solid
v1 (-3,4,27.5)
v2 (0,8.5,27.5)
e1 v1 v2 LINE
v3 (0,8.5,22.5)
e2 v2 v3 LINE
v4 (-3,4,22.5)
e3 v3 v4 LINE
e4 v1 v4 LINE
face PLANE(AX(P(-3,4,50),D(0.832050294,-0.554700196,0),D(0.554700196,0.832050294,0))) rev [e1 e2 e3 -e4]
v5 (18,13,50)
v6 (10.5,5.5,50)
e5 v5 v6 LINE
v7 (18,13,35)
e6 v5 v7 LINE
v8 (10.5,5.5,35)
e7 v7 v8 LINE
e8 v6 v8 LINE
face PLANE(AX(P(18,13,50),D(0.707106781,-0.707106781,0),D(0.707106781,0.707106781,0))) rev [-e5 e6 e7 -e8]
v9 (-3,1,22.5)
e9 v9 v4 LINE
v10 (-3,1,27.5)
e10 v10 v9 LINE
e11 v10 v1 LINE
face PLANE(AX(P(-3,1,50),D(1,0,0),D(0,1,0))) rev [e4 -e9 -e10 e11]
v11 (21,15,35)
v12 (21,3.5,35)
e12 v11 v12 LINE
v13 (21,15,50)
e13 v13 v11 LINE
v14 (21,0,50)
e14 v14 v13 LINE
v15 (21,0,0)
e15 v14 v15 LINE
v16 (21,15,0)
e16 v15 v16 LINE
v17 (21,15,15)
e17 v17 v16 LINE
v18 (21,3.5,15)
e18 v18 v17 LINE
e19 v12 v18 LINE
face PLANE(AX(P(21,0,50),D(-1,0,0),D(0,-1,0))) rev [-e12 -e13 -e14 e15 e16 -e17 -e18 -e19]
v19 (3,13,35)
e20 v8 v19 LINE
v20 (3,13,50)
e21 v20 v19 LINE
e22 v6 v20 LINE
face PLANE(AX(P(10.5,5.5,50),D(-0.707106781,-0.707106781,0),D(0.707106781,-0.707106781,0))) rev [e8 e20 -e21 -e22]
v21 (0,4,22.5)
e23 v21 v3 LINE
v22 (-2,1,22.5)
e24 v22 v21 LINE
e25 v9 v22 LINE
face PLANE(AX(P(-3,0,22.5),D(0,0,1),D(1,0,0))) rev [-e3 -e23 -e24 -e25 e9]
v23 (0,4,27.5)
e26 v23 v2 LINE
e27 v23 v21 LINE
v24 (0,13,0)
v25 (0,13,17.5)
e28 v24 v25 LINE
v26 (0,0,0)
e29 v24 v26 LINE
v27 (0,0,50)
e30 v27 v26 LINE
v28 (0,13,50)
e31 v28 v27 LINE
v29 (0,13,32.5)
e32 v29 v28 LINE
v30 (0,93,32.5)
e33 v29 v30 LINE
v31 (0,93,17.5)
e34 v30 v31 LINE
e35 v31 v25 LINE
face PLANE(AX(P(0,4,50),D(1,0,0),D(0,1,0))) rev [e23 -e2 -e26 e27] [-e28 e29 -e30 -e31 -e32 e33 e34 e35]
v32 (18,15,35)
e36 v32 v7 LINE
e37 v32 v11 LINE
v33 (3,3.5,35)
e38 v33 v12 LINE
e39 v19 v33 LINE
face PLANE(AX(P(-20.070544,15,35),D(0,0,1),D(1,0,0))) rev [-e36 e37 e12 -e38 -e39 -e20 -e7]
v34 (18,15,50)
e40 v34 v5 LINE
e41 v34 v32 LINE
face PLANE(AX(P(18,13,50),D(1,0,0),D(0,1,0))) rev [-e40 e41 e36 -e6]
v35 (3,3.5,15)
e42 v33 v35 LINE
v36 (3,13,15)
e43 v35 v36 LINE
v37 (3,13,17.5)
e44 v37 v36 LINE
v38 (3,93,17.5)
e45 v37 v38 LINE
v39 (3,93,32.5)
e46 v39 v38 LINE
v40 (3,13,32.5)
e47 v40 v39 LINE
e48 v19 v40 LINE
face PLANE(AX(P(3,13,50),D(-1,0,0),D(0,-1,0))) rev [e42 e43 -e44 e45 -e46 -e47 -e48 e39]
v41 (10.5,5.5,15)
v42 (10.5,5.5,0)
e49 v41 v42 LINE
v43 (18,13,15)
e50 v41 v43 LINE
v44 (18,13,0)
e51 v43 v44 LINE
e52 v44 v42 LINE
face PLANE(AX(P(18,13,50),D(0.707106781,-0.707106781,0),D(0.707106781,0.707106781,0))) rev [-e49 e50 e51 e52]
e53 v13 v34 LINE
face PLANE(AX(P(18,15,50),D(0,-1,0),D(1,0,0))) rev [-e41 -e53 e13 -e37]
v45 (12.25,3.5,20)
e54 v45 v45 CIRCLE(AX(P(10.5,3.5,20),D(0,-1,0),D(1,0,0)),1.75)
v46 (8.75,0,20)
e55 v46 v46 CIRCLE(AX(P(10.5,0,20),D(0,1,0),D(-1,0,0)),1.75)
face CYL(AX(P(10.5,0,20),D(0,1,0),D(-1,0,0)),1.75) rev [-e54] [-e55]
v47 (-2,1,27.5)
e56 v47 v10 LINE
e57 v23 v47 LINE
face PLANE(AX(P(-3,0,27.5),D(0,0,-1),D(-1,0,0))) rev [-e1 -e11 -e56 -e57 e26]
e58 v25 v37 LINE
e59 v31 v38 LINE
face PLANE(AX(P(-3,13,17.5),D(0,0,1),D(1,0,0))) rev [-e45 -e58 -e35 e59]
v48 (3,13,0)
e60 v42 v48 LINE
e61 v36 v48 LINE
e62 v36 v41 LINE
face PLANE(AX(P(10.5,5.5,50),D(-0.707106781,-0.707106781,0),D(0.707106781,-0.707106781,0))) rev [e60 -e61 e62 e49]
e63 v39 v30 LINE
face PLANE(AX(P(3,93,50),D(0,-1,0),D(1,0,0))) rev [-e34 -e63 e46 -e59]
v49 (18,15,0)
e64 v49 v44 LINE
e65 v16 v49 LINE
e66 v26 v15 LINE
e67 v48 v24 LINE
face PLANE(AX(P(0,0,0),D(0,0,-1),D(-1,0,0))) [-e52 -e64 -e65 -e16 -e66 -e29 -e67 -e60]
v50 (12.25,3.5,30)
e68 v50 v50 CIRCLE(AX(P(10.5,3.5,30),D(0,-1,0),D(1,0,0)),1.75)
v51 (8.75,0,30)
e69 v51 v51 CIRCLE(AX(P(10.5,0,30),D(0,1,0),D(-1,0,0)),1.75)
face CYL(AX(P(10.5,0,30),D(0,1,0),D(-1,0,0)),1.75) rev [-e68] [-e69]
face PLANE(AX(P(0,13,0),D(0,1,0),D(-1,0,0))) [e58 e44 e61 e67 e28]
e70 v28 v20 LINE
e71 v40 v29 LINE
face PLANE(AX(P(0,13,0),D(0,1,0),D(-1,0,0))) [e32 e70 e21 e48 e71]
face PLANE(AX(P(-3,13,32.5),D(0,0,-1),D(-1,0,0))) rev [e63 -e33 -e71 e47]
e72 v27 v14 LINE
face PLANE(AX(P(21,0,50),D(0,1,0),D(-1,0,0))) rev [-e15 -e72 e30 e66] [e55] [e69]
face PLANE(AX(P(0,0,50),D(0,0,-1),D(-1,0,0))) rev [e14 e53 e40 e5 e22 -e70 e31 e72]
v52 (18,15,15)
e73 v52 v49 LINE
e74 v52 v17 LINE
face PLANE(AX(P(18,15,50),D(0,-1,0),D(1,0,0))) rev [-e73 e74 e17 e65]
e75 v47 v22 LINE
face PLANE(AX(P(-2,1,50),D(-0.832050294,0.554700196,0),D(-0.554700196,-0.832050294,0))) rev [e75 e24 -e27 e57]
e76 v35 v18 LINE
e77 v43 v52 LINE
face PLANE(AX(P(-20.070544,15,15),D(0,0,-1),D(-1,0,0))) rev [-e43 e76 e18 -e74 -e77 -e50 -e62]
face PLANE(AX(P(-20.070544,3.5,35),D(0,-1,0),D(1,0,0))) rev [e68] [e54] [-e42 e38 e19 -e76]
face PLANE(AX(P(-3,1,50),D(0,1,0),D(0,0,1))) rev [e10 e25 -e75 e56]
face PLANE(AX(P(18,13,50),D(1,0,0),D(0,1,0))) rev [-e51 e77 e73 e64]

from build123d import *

# Parameters (mm, degrees)
RESSALTO_EXTRUS_O1_DEPTH   = 50
ESBO_O3_W                  = 6
ESBO_O3_H                  = 17.5
CORTE_EXTRUS_O2_DEPTH      = 80
ESBO_O4_W                  = 20
ESBO_O4_H                  = 11.5
CORTE_EXTRUS_O3_DEPTH      = 18
ESBO_O5_R                  = 1.75
ESBO_O5_W                  = 3
ESBO_O5_H                  = 22.5
CORTE_EXTRUS_O4_DEPTH      = 90.5
CORTE_EXTRUS_O4_DEPTH_BACK = 4.5


with BuildPart() as part:
    # Esboço1 → Ressalto-extrusão1 (new body)
    with BuildSketch(Plane.XY):
        Polygon((21, 0), (0, 0), (0, 4), (-2, 1), (-3, 1), (-3, 4), (0, 8.5), (0, 93), (3, 93), (3, 13), (10.5, 5.5), (18, 13), (18, 15), (21, 15), align=None)
    extrude(amount=RESSALTO_EXTRUS_O1_DEPTH)

    # Esboço3 → Corte-extrusão2 (cut)
    with BuildSketch(Plane(origin=(0, 93, 0), x_dir=(1, 0, 0), z_dir=(0, 1, 0))):
        with Locations((0, -8.75)):
            Rectangle(ESBO_O3_W, ESBO_O3_H)
        with Locations((0, -41.25)):
            Rectangle(ESBO_O3_W, ESBO_O3_H)
    extrude(amount=-CORTE_EXTRUS_O2_DEPTH, mode=Mode.SUBTRACT)

    # Esboço4 → Corte-extrusão3 (cut)
    with BuildSketch(Plane(origin=(21, 0, 0), x_dir=(0, 0, -1), z_dir=(1, 0, 0))):
        with Locations((-25, 9.25)):
            Rectangle(ESBO_O4_W, ESBO_O4_H)
    extrude(amount=-CORTE_EXTRUS_O3_DEPTH, mode=Mode.SUBTRACT)

    # Esboço5 → Corte-extrusão4 (cut, two sides)
    with BuildSketch(Plane(origin=(0, 3.5, 0), x_dir=(1, 0, 0), z_dir=(0, 1, 0))) as corte_extrus_o4_sk:
        with Locations((10.5, -20)):
            Circle(ESBO_O5_R)
        with Locations((10.5, -30)):
            Circle(ESBO_O5_R)
        with Locations((-1.5, -11.25)):
            Rectangle(ESBO_O5_W, ESBO_O5_H)
        with Locations((-1.5, -38.75)):
            Rectangle(ESBO_O5_W, ESBO_O5_H)
    extrude(amount=CORTE_EXTRUS_O4_DEPTH, mode=Mode.SUBTRACT)
    extrude(corte_extrus_o4_sk.sketch, amount=-CORTE_EXTRUS_O4_DEPTH_BACK, mode=Mode.SUBTRACT)


solid = part.part
